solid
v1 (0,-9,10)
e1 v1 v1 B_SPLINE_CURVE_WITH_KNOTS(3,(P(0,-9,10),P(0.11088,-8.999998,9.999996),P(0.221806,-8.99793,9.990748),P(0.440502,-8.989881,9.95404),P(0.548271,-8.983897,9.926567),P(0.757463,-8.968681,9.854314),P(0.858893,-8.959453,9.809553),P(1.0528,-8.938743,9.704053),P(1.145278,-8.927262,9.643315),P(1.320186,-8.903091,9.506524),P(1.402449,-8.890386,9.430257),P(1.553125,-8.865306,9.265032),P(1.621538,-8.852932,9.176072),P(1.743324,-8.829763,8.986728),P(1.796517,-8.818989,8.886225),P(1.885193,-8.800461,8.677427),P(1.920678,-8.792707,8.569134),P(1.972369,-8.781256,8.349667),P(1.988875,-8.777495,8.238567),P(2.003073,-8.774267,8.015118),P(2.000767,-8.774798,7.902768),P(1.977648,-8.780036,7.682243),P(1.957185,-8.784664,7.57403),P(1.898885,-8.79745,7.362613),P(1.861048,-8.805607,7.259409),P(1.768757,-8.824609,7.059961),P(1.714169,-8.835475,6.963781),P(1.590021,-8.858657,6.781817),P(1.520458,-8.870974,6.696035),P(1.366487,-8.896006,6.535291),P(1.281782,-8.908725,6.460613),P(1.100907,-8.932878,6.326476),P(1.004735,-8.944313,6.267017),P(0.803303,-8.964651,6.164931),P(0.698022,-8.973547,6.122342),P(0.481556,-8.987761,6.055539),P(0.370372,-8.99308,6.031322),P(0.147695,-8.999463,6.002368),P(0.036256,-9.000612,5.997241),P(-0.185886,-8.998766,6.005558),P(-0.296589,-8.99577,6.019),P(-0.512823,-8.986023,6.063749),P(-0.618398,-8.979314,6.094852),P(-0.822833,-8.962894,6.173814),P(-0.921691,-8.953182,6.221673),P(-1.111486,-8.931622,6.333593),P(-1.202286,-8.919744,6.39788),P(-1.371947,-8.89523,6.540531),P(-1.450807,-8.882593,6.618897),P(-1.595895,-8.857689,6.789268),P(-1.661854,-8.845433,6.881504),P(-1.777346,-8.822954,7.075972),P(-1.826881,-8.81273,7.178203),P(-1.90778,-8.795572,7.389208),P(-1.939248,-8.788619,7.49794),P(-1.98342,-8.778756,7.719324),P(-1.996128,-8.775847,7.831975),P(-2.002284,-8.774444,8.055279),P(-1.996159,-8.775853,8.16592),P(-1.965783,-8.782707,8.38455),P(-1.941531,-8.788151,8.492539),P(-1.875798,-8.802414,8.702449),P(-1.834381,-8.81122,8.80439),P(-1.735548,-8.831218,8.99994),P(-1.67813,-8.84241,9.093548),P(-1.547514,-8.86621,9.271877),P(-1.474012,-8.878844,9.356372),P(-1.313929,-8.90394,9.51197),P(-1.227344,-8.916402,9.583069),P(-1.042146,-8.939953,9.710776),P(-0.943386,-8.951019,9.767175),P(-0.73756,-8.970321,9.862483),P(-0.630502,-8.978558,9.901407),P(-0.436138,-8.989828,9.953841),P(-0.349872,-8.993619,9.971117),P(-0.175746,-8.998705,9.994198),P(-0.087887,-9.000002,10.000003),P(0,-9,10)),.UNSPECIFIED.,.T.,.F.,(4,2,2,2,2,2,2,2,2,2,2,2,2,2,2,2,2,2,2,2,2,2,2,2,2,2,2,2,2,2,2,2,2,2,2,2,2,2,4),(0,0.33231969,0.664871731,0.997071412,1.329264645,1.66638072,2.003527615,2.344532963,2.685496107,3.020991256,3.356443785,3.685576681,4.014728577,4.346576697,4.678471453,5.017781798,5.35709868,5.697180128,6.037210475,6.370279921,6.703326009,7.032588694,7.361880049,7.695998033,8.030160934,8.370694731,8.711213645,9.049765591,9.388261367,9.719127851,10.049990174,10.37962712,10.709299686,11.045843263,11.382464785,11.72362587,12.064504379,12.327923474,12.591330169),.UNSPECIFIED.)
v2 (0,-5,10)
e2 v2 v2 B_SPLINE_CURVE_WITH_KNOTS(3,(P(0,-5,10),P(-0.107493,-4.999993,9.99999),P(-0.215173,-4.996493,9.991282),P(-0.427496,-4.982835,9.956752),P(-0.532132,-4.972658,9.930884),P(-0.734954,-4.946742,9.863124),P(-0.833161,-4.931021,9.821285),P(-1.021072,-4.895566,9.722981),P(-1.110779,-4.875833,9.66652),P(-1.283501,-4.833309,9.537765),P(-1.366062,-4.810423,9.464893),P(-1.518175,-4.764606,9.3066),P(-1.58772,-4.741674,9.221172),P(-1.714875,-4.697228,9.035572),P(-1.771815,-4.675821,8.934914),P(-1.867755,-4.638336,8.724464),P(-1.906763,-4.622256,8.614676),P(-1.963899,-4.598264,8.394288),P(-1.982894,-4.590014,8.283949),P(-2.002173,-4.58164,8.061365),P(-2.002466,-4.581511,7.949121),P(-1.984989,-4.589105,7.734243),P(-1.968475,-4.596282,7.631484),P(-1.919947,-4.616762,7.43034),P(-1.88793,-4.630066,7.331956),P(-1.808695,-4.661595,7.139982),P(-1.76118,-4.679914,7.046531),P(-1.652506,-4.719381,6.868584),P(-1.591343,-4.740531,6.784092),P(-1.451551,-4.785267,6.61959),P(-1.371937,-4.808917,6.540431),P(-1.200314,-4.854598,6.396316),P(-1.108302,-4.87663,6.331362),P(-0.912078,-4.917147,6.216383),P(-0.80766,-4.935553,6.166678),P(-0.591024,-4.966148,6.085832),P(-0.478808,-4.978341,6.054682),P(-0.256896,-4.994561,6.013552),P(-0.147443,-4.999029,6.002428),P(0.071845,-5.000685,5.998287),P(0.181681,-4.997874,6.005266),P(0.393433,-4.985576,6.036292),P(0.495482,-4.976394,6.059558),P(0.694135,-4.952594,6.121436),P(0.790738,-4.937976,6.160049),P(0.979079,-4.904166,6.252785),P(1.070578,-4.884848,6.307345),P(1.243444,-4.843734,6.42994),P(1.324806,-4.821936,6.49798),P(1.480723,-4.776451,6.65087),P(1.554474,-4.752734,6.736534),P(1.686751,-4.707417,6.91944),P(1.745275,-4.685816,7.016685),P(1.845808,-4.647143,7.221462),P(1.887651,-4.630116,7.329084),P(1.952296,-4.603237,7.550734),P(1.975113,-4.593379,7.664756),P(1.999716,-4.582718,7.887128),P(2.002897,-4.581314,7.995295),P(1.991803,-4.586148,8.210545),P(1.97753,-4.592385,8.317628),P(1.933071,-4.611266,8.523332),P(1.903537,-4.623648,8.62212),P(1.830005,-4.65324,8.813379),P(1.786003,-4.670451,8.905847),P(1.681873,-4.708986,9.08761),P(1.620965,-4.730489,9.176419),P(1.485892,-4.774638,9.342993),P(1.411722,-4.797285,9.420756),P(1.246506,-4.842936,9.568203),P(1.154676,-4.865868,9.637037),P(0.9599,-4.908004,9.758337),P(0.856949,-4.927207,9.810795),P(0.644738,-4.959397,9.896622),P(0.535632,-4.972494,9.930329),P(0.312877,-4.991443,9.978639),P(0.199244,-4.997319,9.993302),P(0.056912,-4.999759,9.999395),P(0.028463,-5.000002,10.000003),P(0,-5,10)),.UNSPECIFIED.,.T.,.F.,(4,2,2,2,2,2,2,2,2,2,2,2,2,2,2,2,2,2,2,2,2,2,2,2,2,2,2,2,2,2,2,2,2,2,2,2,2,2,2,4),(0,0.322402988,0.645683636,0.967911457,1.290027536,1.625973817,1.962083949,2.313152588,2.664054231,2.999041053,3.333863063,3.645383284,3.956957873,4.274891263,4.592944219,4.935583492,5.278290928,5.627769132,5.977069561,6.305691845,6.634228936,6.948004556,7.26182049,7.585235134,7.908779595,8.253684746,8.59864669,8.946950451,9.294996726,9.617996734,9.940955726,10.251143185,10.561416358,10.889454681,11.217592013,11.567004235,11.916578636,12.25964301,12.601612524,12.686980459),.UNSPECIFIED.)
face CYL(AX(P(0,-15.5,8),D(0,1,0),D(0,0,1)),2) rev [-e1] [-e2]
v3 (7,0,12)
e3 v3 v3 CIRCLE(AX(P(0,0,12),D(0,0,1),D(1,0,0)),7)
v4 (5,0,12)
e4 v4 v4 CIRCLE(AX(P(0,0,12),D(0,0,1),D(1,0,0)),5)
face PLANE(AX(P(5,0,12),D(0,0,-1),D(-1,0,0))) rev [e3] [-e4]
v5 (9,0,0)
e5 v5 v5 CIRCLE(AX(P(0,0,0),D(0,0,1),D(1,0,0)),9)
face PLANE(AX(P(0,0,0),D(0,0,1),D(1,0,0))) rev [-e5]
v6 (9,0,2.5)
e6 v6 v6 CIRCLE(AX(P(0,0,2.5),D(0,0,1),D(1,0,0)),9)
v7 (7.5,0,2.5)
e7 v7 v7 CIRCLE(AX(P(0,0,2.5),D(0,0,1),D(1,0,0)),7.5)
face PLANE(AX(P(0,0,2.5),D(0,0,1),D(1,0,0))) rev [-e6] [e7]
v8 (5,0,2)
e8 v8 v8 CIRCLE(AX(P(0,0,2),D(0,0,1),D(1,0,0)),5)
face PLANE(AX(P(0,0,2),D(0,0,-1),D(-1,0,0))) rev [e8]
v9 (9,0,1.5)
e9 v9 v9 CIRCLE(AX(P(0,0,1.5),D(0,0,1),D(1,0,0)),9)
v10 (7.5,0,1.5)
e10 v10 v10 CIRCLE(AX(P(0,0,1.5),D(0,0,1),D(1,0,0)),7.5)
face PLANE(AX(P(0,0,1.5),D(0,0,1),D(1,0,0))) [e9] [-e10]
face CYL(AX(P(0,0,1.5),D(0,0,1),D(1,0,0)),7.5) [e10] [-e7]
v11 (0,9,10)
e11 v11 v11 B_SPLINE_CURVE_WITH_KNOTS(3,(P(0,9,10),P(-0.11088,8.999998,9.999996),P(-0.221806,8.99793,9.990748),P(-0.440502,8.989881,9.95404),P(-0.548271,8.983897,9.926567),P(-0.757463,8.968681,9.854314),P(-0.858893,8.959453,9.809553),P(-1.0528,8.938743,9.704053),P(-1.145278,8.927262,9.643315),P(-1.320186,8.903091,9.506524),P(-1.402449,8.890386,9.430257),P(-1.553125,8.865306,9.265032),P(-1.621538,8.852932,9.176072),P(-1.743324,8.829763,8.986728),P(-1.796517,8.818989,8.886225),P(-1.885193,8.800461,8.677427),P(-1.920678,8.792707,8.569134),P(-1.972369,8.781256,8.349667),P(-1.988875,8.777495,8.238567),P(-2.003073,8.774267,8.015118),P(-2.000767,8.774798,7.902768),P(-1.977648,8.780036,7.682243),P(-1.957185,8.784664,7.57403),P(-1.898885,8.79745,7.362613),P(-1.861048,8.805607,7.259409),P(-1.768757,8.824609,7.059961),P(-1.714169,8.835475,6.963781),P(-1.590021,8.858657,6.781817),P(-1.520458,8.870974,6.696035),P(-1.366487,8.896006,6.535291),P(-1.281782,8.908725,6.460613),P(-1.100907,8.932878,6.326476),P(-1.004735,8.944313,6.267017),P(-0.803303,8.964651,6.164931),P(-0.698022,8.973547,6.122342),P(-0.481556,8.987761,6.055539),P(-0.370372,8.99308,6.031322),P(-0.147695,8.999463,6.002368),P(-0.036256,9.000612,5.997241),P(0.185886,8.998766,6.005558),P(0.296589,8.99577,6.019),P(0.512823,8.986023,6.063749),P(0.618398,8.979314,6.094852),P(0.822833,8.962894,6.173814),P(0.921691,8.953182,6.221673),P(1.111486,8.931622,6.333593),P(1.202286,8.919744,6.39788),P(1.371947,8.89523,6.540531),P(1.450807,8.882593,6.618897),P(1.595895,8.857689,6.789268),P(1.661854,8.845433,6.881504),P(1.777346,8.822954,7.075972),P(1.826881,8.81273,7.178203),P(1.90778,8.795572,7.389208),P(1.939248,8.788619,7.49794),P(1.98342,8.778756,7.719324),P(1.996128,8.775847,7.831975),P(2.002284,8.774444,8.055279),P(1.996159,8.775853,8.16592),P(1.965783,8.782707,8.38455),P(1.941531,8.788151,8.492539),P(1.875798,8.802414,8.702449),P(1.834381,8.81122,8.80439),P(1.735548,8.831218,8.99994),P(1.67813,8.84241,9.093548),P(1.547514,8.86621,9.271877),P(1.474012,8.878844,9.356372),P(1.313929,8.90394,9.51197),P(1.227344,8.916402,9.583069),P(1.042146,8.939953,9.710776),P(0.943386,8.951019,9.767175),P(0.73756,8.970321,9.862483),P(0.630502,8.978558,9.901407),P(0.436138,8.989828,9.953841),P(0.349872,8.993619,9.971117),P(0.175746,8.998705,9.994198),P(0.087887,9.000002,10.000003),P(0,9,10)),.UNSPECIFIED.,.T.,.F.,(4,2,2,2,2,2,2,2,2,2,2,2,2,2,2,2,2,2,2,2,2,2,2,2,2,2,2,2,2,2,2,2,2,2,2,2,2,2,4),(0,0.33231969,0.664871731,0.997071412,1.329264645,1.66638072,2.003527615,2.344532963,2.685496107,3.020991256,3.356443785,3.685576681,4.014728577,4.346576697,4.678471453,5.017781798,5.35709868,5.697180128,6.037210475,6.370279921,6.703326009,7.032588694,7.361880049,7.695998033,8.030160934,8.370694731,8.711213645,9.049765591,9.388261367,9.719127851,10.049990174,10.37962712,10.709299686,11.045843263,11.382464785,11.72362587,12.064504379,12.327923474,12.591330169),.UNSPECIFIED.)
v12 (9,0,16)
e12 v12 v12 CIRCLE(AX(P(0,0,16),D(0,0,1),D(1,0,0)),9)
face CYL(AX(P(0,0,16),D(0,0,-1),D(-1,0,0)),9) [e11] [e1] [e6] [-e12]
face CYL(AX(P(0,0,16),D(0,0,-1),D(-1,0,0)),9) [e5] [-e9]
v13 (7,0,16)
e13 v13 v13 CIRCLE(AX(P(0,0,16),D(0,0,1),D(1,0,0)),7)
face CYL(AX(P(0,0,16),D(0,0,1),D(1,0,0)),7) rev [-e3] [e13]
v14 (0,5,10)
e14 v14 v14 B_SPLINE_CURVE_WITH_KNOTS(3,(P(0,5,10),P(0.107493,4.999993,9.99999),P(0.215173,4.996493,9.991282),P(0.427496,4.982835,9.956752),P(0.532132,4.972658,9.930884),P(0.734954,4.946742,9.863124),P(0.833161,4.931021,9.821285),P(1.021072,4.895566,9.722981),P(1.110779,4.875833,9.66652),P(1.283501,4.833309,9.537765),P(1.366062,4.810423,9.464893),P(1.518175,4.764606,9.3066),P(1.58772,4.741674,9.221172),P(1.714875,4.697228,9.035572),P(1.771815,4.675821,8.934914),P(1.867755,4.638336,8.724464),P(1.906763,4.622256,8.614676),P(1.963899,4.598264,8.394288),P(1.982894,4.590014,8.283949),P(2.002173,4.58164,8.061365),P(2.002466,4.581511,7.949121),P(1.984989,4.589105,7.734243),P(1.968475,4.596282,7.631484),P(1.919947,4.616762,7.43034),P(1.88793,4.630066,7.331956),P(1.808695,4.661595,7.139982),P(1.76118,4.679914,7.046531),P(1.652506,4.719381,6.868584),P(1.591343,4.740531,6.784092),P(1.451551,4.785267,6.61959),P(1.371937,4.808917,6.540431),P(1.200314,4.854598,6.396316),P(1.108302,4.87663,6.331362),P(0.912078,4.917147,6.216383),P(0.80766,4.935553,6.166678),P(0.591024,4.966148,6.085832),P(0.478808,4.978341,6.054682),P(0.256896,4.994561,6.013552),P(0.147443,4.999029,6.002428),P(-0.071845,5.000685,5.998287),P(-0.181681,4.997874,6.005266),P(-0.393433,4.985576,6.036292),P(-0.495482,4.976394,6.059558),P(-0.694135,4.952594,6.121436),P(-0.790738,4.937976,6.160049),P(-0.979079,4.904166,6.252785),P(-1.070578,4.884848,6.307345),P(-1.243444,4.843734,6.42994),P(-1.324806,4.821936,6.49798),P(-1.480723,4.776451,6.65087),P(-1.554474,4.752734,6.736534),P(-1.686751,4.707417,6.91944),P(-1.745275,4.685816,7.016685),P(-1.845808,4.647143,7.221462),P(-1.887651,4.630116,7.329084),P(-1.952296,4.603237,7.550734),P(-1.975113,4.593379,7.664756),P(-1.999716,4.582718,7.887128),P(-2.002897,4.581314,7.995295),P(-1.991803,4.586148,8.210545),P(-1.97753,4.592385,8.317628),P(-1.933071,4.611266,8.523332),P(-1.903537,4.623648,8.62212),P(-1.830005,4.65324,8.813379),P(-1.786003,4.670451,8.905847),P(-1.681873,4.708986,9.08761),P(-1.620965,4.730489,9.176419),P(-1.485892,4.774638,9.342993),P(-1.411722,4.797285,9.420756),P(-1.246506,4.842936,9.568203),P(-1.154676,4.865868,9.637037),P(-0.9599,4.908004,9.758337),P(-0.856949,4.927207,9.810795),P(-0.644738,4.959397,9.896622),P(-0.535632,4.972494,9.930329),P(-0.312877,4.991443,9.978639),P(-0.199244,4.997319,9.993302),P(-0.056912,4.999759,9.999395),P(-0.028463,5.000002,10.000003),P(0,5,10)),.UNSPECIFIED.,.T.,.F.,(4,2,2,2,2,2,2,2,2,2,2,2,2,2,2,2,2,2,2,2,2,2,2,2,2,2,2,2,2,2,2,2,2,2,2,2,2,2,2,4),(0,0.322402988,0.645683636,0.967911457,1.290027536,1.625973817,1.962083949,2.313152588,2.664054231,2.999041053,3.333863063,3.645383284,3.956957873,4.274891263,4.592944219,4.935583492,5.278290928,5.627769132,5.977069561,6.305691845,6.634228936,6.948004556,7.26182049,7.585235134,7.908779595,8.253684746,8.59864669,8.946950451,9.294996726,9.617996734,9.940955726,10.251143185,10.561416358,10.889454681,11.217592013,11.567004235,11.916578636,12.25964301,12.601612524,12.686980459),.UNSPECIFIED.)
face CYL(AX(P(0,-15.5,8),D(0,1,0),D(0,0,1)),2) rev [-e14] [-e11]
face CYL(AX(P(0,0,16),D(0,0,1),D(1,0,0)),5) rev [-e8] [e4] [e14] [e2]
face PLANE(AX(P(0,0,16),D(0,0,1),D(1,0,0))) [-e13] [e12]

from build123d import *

# Parameters (mm, degrees)
SKETCH1_R                                = 9
BOSS_EXTRUDE1_DEPTH                      = 16
CBORE_FOR_M14_HEX_HEAD_BOLT1_D           = 10
CBORE_FOR_M14_HEX_HEAD_BOLT1_DEPTH       = 14
CBORE_FOR_M14_HEX_HEAD_BOLT1_CBORE_D     = 14
CBORE_FOR_M14_HEX_HEAD_BOLT1_CBORE_DEPTH = 4
SKETCH4_R                                = 9
SKETCH4_R_2                              = 7.5
CUT_EXTRUDE1_DEPTH                       = 1
SKETCH5_R                                = 2
CUT_EXTRUDE2_DEPTH                       = 15.5


with BuildPart() as part:
    # Sketch1 → Boss-Extrude1 (new body)
    with BuildSketch(Plane.XY):
        Circle(SKETCH1_R)
    extrude(amount=BOSS_EXTRUDE1_DEPTH)

    # CBORE for M14 Hex Head Bolt1
    with Locations(Plane.XY.offset(16)):
        with Locations((0, 0)):
            CounterBoreHole(CBORE_FOR_M14_HEX_HEAD_BOLT1_D / 2, CBORE_FOR_M14_HEX_HEAD_BOLT1_CBORE_D / 2, CBORE_FOR_M14_HEX_HEAD_BOLT1_CBORE_DEPTH, depth=CBORE_FOR_M14_HEX_HEAD_BOLT1_DEPTH)

    # Sketch4 → Cut-Extrude1 (cut)
    with BuildSketch(Plane.XY.offset(2.5)):
        Circle(SKETCH4_R)
        Circle(SKETCH4_R_2, mode=Mode.SUBTRACT)
    extrude(amount=-CUT_EXTRUDE1_DEPTH, mode=Mode.SUBTRACT)

    # Sketch5 → Cut-Extrude2 (cut, symmetric)
    with BuildSketch(Plane(origin=(0, 0, 0), x_dir=(1, 0, 0), z_dir=(0, 1, 0))):
        with Locations(Location((0, -8, 0), (0, 0, 270))):  # turned: the seam where the file's is
            Circle(SKETCH5_R)
    extrude(amount=CUT_EXTRUDE2_DEPTH, both=True, mode=Mode.SUBTRACT)


solid = part.part
